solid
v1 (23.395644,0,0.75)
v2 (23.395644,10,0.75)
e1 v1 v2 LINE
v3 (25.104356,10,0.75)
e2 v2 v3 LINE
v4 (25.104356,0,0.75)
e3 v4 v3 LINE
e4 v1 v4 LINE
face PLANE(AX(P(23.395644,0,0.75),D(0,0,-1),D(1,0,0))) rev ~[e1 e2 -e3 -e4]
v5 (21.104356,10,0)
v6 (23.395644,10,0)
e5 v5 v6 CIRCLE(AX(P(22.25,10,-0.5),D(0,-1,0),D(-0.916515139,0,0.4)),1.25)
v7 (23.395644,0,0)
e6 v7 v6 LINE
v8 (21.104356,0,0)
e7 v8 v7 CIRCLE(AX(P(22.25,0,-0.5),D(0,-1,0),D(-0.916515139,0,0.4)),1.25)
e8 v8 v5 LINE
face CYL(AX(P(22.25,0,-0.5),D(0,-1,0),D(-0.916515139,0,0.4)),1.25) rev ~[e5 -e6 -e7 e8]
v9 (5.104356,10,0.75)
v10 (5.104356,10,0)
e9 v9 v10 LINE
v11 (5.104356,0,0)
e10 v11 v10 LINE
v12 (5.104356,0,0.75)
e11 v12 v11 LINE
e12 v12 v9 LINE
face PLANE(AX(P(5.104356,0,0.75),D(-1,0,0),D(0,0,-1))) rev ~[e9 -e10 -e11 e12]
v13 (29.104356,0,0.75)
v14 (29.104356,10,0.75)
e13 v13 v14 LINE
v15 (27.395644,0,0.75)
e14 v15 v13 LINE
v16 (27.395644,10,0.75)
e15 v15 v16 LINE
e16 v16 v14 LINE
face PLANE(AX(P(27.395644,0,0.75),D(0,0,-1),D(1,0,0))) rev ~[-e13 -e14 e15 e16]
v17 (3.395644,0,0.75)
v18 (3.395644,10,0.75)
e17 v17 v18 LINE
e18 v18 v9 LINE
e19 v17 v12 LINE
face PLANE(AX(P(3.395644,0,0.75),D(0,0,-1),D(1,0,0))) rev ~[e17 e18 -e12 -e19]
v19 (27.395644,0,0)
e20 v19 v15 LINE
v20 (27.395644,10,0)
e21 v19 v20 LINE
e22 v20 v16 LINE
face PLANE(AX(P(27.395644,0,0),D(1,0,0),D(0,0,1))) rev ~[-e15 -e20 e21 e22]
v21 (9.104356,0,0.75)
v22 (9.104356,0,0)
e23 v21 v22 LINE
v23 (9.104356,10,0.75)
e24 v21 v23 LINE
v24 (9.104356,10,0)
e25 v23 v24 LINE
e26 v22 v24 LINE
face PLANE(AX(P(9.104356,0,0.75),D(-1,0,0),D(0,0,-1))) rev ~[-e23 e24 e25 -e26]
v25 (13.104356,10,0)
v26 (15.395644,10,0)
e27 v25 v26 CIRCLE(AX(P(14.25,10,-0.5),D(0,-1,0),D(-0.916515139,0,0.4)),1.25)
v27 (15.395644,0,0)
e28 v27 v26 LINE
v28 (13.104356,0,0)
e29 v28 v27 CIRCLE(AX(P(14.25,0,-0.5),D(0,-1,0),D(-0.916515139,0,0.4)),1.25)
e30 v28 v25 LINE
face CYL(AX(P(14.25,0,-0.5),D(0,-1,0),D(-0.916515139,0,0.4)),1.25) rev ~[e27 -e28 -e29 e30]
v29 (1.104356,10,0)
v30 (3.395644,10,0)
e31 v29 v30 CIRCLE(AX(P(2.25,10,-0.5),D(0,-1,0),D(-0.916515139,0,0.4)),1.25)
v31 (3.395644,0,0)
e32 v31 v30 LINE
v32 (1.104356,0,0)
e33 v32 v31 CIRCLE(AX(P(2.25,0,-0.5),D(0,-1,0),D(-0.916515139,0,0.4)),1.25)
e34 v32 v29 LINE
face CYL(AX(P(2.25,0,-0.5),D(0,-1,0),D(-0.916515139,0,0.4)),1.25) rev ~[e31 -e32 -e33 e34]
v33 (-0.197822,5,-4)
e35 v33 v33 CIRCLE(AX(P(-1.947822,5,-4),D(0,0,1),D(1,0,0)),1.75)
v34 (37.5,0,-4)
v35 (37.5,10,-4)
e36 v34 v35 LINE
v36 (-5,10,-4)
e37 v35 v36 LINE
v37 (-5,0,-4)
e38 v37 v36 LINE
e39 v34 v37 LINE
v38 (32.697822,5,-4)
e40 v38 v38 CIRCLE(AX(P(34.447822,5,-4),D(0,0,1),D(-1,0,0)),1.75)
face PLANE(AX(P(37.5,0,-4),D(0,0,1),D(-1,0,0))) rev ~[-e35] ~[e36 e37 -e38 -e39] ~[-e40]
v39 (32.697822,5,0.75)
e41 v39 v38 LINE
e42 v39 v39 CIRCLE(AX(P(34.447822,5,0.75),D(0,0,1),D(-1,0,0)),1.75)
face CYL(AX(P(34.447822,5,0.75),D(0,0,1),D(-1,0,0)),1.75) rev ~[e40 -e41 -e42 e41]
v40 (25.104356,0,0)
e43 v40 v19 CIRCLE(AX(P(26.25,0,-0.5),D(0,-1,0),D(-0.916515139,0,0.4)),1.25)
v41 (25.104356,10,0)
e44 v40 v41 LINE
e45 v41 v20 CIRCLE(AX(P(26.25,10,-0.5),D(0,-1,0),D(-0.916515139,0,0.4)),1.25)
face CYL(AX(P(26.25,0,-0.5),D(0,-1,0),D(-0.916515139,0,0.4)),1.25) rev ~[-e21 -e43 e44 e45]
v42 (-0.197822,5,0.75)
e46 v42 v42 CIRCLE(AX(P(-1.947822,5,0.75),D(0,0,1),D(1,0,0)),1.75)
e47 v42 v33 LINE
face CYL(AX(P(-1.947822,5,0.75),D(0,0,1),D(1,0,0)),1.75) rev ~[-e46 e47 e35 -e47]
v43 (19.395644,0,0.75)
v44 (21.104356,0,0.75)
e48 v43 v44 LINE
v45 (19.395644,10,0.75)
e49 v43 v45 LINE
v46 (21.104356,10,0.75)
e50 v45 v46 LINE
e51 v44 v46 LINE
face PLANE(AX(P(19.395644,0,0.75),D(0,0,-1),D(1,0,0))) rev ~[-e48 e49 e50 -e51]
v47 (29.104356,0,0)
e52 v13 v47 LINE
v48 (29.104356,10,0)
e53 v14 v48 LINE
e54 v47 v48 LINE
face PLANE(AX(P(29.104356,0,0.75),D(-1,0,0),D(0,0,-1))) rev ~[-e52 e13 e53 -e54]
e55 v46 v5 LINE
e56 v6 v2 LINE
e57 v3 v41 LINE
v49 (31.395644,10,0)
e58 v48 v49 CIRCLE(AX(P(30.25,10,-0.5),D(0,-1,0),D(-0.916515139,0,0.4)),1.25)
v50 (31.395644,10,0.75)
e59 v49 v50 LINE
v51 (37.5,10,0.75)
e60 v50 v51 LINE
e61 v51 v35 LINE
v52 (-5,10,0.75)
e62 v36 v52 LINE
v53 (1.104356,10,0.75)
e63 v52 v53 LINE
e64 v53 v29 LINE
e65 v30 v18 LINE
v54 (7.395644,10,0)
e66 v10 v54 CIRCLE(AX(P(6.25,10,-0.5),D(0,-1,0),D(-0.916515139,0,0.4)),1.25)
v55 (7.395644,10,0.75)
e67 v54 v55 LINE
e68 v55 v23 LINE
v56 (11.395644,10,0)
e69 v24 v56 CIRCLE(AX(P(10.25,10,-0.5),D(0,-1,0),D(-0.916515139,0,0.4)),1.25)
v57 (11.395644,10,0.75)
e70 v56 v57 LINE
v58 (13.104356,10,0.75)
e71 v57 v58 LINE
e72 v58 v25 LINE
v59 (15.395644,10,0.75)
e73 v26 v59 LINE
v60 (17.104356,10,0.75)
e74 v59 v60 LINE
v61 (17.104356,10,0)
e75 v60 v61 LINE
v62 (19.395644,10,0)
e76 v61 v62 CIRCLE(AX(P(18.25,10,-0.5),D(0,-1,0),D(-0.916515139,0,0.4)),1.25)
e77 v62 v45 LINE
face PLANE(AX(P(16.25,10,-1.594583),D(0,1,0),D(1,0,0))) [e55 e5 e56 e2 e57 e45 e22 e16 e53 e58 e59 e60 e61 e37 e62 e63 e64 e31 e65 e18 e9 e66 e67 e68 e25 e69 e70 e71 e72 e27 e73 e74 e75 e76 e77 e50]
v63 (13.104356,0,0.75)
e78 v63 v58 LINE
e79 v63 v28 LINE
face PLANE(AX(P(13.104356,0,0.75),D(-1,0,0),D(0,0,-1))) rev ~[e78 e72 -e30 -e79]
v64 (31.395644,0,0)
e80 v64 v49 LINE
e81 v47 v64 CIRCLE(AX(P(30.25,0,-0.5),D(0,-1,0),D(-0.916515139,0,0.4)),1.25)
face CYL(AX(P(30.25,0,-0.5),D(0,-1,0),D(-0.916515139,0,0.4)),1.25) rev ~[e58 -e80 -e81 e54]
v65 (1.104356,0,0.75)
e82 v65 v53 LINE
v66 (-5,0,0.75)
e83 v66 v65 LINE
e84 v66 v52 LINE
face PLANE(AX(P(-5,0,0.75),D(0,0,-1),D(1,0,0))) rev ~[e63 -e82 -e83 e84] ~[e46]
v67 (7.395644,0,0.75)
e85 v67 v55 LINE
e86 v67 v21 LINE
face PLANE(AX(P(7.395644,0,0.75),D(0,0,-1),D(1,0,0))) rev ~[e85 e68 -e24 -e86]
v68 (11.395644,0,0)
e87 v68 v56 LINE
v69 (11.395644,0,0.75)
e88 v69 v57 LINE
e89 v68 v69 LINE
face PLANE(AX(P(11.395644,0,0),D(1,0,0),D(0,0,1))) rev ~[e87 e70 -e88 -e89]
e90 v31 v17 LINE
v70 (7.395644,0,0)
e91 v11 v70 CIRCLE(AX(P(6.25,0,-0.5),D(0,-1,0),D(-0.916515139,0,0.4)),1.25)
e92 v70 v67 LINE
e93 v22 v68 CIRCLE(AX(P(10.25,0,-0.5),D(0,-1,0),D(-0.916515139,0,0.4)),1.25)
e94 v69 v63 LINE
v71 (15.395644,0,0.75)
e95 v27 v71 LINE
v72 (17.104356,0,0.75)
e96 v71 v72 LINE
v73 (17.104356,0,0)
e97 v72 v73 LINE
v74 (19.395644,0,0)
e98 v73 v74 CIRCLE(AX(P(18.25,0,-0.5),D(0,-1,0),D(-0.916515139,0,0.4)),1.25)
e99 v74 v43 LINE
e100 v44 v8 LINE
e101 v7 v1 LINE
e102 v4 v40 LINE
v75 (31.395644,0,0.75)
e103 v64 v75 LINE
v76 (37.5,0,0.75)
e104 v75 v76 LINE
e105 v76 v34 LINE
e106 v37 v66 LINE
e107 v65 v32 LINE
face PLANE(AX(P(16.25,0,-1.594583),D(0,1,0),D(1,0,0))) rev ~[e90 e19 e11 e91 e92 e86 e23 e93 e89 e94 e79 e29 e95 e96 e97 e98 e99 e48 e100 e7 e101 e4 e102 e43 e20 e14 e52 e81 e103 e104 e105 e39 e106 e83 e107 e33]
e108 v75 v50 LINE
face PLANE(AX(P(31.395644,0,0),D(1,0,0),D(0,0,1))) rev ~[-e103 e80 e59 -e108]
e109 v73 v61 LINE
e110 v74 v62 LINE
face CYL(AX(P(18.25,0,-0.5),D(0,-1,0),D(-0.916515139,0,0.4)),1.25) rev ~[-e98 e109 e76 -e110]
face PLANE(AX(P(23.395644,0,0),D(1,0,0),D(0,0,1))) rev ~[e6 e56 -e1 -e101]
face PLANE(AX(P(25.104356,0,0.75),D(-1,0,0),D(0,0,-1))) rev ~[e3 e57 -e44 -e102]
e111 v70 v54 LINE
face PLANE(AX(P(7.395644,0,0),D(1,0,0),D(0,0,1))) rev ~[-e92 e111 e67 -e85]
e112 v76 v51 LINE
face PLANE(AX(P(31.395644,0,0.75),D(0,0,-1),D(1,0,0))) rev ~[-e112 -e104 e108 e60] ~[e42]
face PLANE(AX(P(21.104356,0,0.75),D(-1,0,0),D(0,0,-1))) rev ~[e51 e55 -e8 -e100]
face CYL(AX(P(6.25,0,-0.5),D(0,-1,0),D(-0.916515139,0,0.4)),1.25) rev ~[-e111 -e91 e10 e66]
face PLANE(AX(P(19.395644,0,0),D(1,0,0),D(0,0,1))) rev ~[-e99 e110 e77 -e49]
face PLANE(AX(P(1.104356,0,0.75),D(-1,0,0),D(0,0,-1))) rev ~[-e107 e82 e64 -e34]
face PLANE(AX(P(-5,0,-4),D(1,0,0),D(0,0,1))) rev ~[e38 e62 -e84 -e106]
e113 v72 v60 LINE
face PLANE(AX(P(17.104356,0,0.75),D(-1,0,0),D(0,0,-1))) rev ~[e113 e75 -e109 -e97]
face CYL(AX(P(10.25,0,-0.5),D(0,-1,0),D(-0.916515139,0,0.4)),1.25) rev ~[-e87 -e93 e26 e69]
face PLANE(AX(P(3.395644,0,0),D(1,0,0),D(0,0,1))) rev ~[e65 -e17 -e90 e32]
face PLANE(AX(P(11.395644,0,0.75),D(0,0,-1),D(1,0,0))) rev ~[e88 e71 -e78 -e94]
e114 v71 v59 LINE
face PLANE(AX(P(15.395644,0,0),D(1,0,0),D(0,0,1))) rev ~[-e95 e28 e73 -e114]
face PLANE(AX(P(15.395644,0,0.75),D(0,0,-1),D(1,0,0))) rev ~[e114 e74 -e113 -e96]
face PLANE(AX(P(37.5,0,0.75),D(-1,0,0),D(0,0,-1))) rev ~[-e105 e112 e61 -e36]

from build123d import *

# Parameters (mm, degrees)
BOSS_EXTRUDE1_DEPTH = 10
SKETCH4_R           = 1.75
CUT_EXTRUDE2_DEPTH  = 40.100031969


with BuildPart() as part:
    # Sketch1 → Boss-Extrude1 (new body)
    with BuildSketch(Plane(origin=(0, 0, 0), x_dir=(1, 0, 0), z_dir=(0, 1, 0))):
        with BuildLine():
            Line((-5, 4), (-5, -0.75))
            Line((-5, -0.75), (1.104356076, -0.75))
            Line((1.104356076, -0.75), (1.104356076, 0))
            ThreePointArc((1.104356076, 0), (2.25, 1.75), (3.395643924, 0))
            Line((3.395643924, 0), (3.395643924, -0.75))
            Line((3.395643924, -0.75), (5.104356076, -0.75))
            Line((5.104356076, -0.75), (5.104356076, 0))
            ThreePointArc((5.104356076, 0), (6.25, 1.75), (7.395643924, 0))
            Line((7.395643924, 0), (7.395643924, -0.75))
            Line((7.395643924, -0.75), (9.104356076, -0.75))
            Line((9.104356076, -0.75), (9.104356076, 0))
            ThreePointArc((9.104356076, 0), (10.25, 1.75), (11.395643924, 0))
            Line((11.395643924, 0), (11.395643924, -0.75))
            Line((11.395643924, -0.75), (13.104356076, -0.75))
            Line((13.104356076, -0.75), (13.104356076, 0))
            ThreePointArc((13.104356076, 0), (14.25, 1.75), (15.395643924, 0))
            Line((15.395643924, 0), (15.395643924, -0.75))
            Line((15.395643924, -0.75), (17.104356076, -0.75))
            Line((17.104356076, -0.75), (17.104356076, 0))
            ThreePointArc((17.104356076, 0), (18.25, 1.75), (19.395643924, 0))
            Line((19.395643924, 0), (19.395643924, -0.75))
            Line((19.395643924, -0.75), (21.104356076, -0.75))
            Line((21.104356076, -0.75), (21.104356076, 0))
            ThreePointArc((21.104356076, 0), (22.25, 1.75), (23.395643924, 0))
            Line((23.395643924, 0), (23.395643924, -0.75))
            Line((23.395643924, -0.75), (25.104356076, -0.75))
            Line((25.104356076, -0.75), (25.104356076, 0))
            ThreePointArc((25.104356076, 0), (26.25, 1.75), (27.395643924, 0))
            Line((27.395643924, 0), (27.395643924, -0.75))
            Line((27.395643924, -0.75), (29.104356076, -0.75))
            Line((29.104356076, -0.75), (29.104356076, 0))
            ThreePointArc((29.104356076, 0), (30.25, 1.75), (31.395643924, 0))
            Line((31.395643924, 0), (31.395643924, -0.75))
            Line((31.395643924, -0.75), (37.5, -0.75))
            Line((37.5, -0.75), (37.5, 4))
            Line((37.5, 4), (-5, 4))
        make_face()
    extrude(amount=BOSS_EXTRUDE1_DEPTH)

    # Sketch4 → Cut-Extrude2 (cut, through all)
    with BuildSketch(Plane.XY.offset(0.75)):
        with Locations((-1.947821962, 5)):
            Circle(SKETCH4_R)
        with Locations(Location((34.447821962, 5, 0), (0, 0, 180))):
            Circle(SKETCH4_R)
    extrude(amount=-CUT_EXTRUDE2_DEPTH, mode=Mode.SUBTRACT)


solid = part.part
